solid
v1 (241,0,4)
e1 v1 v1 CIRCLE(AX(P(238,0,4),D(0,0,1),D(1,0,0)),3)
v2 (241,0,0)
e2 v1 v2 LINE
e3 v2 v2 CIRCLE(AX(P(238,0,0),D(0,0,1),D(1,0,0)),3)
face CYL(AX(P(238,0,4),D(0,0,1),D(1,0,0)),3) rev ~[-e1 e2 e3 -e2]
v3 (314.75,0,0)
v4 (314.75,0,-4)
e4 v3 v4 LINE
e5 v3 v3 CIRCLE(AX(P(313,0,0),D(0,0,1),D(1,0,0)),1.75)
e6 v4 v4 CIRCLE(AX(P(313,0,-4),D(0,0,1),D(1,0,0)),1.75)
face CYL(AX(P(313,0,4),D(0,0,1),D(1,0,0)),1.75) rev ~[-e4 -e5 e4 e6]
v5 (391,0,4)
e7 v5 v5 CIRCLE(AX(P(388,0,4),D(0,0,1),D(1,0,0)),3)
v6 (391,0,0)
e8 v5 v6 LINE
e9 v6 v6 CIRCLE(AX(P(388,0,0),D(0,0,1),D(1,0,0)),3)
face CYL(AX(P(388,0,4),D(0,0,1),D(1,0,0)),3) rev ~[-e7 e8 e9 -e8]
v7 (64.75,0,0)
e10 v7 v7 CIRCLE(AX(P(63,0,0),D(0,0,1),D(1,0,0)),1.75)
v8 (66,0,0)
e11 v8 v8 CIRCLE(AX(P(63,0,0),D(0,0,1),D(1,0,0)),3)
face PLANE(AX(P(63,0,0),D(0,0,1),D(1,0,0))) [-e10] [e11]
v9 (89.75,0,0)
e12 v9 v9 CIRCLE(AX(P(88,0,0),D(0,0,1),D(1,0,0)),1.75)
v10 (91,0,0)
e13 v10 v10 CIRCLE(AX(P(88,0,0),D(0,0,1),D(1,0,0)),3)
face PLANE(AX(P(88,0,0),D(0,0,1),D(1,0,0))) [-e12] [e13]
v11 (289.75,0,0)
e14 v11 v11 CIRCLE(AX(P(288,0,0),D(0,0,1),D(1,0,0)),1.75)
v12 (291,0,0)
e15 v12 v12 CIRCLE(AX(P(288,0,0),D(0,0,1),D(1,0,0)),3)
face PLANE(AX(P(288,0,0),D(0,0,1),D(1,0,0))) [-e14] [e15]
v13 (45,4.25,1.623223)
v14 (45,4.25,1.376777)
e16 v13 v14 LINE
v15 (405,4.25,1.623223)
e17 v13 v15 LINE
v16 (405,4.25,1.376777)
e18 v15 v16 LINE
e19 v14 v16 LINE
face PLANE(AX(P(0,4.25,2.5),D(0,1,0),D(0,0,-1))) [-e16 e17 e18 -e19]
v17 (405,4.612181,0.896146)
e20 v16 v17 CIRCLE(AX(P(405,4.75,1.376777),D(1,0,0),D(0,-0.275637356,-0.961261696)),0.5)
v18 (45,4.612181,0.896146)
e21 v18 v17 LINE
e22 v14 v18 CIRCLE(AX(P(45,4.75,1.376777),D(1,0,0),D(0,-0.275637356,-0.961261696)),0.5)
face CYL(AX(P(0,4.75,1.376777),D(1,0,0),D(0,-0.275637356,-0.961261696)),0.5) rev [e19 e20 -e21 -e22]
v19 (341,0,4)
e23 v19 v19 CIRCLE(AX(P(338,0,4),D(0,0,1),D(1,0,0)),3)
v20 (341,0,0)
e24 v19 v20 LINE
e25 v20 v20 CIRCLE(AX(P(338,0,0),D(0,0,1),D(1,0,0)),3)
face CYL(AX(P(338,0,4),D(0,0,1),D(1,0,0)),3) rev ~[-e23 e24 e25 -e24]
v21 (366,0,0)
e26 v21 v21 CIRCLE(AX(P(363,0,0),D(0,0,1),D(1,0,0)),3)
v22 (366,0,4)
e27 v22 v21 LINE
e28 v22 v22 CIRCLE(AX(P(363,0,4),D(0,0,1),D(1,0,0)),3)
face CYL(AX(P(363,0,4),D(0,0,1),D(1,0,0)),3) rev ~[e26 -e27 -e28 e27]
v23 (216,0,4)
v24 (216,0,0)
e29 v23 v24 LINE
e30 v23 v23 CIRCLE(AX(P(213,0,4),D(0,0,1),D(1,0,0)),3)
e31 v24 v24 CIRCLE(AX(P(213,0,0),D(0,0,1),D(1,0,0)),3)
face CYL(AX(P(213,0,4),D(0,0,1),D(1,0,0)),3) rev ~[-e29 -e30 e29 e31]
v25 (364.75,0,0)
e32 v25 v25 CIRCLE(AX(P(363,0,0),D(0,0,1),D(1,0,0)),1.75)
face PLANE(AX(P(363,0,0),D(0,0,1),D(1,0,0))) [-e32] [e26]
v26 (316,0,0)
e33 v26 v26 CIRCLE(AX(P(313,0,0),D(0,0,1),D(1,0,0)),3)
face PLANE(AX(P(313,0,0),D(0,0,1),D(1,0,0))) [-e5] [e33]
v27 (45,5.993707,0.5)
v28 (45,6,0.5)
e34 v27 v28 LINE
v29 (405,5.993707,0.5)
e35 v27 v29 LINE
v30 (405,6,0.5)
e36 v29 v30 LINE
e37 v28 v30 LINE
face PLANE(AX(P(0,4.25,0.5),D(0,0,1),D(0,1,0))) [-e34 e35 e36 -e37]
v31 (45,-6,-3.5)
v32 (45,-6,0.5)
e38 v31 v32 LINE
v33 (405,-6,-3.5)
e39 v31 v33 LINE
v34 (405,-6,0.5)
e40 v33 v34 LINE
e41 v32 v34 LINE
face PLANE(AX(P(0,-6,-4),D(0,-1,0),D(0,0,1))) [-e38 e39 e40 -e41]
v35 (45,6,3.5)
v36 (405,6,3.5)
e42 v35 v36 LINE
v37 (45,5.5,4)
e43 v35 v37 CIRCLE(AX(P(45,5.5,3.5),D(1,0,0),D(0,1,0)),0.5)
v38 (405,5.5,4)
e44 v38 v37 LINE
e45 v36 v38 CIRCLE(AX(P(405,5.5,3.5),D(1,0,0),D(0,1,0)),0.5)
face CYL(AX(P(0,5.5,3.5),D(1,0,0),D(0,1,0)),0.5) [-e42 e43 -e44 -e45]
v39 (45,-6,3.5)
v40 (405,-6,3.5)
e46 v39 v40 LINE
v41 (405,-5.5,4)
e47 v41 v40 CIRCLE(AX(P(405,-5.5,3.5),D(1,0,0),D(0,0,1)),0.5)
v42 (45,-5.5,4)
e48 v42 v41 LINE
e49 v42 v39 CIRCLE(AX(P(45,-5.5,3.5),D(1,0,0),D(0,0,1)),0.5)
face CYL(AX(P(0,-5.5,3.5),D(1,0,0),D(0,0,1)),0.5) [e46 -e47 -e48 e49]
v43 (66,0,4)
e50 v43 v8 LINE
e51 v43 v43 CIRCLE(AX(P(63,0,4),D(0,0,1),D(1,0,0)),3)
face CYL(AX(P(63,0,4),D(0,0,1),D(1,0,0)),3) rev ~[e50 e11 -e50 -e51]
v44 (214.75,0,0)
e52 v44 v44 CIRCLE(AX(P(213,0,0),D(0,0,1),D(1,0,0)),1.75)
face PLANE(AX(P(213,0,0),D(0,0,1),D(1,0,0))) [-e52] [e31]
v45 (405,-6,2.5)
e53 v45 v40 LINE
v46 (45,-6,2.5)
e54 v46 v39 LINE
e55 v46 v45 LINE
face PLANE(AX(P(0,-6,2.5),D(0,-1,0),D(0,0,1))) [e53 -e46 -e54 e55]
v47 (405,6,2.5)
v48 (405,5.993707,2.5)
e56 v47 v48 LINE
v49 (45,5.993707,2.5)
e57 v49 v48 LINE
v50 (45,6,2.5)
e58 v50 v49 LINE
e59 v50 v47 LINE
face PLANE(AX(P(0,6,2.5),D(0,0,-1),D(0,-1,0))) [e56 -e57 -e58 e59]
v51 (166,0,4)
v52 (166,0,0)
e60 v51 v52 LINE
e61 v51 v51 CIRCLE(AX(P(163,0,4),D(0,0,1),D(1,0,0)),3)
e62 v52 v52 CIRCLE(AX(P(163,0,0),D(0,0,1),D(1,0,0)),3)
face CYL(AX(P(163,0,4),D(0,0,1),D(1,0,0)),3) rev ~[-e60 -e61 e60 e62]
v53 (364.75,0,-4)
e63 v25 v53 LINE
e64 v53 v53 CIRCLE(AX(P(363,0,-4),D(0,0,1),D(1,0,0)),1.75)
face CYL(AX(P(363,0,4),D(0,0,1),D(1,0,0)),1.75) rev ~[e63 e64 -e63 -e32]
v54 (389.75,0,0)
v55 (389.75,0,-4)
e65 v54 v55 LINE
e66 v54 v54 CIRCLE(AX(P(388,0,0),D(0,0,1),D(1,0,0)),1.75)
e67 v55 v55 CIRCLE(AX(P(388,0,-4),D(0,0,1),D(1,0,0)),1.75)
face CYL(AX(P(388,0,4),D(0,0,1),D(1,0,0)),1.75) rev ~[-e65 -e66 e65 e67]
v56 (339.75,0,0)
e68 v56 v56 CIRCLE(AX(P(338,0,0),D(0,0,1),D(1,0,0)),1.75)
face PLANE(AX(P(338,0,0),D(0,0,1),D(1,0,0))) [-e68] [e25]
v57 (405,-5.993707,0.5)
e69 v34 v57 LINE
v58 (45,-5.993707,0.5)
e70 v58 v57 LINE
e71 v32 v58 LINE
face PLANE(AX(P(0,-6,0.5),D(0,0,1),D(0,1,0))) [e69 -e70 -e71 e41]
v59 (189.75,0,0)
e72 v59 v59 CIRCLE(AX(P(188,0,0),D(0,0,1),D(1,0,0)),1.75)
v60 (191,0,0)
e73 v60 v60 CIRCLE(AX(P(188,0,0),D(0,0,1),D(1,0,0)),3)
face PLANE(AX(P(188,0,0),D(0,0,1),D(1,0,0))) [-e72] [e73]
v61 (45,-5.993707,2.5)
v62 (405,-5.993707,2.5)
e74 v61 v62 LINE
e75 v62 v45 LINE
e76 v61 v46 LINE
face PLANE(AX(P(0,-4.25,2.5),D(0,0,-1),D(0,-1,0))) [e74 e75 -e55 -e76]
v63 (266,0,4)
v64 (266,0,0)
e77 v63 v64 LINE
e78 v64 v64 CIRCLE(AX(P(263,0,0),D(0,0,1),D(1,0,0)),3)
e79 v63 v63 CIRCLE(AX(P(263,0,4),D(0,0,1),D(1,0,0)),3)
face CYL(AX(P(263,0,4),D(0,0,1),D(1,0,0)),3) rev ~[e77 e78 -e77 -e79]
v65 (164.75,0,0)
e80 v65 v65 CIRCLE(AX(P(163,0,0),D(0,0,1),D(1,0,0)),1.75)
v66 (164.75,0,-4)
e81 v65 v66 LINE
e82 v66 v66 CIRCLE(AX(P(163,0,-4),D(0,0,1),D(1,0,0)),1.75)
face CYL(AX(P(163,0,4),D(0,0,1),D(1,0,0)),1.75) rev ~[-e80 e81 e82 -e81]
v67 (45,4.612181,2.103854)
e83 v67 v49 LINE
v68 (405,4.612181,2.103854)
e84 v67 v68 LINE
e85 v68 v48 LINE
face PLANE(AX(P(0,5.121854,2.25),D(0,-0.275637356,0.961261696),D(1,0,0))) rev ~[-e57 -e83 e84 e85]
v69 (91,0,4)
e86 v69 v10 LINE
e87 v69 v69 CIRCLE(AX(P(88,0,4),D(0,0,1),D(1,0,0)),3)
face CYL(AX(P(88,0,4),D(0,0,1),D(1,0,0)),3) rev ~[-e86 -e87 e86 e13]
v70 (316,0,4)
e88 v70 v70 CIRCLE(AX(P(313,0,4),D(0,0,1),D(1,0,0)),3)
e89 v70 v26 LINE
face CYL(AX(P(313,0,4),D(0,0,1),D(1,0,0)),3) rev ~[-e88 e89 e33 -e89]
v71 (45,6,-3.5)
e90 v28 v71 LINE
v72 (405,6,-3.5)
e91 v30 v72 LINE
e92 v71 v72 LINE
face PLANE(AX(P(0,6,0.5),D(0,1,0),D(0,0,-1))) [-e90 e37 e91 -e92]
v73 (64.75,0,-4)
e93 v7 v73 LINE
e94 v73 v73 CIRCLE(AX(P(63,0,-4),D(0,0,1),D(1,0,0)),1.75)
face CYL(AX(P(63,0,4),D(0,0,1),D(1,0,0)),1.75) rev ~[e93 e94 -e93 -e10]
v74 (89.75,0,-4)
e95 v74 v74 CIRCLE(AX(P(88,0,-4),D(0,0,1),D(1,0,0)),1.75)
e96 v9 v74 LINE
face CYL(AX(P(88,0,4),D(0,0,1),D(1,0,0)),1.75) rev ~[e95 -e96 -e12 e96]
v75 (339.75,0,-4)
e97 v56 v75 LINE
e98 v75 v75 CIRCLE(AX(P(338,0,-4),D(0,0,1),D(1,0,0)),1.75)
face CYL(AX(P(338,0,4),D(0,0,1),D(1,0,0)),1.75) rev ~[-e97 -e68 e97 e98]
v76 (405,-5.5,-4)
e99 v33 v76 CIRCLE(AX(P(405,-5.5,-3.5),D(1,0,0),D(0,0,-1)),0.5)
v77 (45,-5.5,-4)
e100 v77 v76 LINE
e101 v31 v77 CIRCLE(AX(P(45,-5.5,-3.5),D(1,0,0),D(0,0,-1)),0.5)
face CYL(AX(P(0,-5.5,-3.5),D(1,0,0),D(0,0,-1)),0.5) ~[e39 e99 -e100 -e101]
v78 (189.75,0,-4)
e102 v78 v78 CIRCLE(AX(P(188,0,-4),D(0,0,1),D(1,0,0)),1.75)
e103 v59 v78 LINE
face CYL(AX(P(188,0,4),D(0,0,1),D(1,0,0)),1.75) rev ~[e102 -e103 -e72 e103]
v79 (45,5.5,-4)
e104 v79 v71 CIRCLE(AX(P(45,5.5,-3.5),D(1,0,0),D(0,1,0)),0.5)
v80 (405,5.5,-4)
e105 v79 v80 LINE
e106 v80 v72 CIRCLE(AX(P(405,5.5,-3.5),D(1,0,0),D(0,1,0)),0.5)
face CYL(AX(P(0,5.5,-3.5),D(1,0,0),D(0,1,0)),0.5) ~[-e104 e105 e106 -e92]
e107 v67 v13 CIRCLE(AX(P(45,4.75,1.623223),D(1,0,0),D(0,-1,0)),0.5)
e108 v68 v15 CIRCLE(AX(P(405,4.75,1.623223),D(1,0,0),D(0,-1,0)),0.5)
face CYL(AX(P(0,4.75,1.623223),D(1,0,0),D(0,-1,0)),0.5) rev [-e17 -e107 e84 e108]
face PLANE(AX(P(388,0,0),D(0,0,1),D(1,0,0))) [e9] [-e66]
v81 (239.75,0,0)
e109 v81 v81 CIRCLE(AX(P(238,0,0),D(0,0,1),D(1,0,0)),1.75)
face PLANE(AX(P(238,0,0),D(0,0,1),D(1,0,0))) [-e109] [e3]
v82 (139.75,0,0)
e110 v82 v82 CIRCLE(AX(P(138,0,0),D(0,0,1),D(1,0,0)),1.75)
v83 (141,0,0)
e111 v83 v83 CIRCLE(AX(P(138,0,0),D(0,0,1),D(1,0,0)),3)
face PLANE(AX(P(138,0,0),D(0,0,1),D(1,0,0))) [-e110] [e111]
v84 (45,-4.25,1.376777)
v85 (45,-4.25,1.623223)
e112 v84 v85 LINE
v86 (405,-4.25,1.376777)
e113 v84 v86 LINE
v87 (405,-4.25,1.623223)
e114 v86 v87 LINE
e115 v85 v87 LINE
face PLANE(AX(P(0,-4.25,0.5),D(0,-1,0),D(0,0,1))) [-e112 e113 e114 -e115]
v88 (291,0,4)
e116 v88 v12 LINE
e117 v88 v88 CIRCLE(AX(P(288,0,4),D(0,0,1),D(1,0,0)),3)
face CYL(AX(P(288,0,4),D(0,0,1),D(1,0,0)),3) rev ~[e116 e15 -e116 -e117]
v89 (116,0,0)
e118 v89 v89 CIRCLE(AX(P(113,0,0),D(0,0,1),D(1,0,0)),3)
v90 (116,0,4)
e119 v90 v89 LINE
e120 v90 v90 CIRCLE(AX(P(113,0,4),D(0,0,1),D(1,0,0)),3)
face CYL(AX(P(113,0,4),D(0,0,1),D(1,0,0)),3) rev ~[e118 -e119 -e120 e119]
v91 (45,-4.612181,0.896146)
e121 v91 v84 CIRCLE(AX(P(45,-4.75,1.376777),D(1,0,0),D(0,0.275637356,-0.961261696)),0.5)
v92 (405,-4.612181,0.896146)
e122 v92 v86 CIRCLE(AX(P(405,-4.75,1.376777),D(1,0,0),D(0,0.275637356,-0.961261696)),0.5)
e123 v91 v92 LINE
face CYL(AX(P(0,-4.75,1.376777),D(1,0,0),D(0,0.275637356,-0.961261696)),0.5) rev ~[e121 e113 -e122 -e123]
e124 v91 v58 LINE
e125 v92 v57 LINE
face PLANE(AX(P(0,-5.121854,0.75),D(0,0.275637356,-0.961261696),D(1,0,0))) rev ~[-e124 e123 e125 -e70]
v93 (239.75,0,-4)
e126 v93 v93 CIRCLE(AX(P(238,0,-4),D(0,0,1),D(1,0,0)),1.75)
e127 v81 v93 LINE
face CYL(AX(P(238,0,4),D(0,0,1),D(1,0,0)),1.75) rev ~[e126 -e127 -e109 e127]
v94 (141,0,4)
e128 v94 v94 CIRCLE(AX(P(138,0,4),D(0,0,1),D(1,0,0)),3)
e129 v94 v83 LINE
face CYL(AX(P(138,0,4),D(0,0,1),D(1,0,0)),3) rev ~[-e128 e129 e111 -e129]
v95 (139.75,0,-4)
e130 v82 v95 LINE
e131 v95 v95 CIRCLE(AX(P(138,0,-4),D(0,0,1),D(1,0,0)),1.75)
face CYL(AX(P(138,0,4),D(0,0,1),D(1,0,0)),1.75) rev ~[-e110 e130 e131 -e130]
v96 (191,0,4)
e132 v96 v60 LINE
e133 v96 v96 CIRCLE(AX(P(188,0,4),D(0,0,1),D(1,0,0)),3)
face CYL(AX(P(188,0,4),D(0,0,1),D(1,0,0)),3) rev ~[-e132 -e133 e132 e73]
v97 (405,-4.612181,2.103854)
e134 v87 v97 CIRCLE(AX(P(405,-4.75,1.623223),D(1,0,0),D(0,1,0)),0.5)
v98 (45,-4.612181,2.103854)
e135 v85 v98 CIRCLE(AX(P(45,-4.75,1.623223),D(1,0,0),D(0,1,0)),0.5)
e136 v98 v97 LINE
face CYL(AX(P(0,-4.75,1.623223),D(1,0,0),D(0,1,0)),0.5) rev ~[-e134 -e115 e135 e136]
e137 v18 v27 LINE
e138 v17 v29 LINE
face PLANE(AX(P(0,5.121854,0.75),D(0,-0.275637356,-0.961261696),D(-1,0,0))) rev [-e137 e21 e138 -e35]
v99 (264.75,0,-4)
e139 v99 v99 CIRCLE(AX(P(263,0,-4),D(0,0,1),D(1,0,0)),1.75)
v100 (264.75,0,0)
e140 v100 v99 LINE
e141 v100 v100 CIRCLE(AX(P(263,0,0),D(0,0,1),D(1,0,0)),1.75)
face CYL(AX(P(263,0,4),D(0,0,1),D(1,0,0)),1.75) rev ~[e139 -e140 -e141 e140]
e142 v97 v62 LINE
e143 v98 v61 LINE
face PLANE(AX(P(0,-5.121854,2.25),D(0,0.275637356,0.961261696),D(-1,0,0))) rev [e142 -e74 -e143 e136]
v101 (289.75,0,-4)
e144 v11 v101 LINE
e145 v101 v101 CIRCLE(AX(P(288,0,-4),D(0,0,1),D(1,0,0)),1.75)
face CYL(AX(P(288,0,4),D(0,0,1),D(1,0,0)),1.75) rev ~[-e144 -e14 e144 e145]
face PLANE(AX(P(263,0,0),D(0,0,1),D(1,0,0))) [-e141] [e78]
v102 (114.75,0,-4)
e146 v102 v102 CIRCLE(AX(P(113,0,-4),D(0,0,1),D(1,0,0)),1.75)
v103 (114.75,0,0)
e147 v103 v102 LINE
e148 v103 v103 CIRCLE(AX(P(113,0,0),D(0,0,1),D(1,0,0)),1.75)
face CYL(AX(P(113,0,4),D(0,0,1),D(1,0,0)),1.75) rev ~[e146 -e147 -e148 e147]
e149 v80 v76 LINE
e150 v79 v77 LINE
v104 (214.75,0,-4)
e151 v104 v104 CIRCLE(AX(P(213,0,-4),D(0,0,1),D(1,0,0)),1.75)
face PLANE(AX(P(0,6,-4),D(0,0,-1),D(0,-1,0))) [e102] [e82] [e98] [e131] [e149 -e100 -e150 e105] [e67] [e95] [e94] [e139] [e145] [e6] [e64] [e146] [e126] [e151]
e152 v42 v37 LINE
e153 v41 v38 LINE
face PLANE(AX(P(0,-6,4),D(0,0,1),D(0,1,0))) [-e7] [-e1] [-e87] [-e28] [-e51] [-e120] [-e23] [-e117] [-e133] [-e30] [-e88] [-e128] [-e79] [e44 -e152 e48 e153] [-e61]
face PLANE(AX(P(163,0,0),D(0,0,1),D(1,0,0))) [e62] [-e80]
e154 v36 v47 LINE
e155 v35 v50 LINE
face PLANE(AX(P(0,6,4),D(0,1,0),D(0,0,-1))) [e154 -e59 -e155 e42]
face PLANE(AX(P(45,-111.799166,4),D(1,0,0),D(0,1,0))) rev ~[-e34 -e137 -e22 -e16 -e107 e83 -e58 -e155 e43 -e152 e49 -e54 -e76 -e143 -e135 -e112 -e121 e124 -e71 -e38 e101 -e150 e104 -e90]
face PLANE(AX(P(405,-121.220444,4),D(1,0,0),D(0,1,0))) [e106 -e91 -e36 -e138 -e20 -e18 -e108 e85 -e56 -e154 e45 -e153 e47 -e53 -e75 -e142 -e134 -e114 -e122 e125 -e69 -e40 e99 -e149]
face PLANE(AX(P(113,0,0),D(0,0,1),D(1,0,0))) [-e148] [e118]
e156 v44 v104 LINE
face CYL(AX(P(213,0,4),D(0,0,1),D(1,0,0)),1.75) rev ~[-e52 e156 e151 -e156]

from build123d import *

# Parameters (mm, degrees)
BOSS_EXTRUDE1_DEPTH     = 450
SKETCH2_R               = 1.75
CUT_EXTRUDE1_DEPTH      = 10
SKETCH3_R               = 3
CUT_EXTRUDE2_DEPTH      = 4
CHAMFER1_SIZE           = 0.5
CHAMFER1_SIZE2          = 1.743707222
CHAMFER1_PART_2_SIZE    = 0.5
CHAMFER1_PART_2_SIZE2   = 1.743707222
FILLET1_R               = 0.5
SKETCH4_W               = 45
SKETCH4_H               = 180.260452365
SKETCH4_H_2             = 288.291106743
CUT_EXTRUDE3_DEPTH      = 1
CUT_EXTRUDE3_DEPTH_BACK = 9


with BuildPart() as part:
    # Sketch1 → Boss-Extrude1 (new body)
    with BuildSketch(Plane(origin=(0, 0, 0), x_dir=(0, 0, -1), z_dir=(1, 0, 0))):
        Polygon((-0.5, 6), (4, 6), (4, -6), (-0.5, -6), (-0.5, -4.25), (-2.5, -4.25), (-2.5, -6), (-4, -6), (-4, 6), (-2.5, 6), (-2.5, 4.25), (-0.5, 4.25), align=None)
    extrude(amount=BOSS_EXTRUDE1_DEPTH)

    # Sketch2 → Cut-Extrude1 (cut)
    with BuildSketch(Plane.XY.offset(4)):
        with Locations((13, 0)):
            Circle(SKETCH2_R)
        with Locations((38, 0)):
            Circle(SKETCH2_R)
        with Locations((63, 0)):
            Circle(SKETCH2_R)
        with Locations((88, 0)):
            Circle(SKETCH2_R)
        with Locations((113, 0)):
            Circle(SKETCH2_R)
        with Locations((138, 0)):
            Circle(SKETCH2_R)
        with Locations((163, 0)):
            Circle(SKETCH2_R)
        with Locations((188, 0)):
            Circle(SKETCH2_R)
        with Locations((213, 0)):
            Circle(SKETCH2_R)
        with Locations((238, 0)):
            Circle(SKETCH2_R)
        with Locations((263, 0)):
            Circle(SKETCH2_R)
        with Locations((288, 0)):
            Circle(SKETCH2_R)
        with Locations((313, 0)):
            Circle(SKETCH2_R)
        with Locations((338, 0)):
            Circle(SKETCH2_R)
        with Locations((363, 0)):
            Circle(SKETCH2_R)
        with Locations((388, 0)):
            Circle(SKETCH2_R)
        with Locations((413, 0)):
            Circle(SKETCH2_R)
        with Locations((438, 0)):
            Circle(SKETCH2_R)
    extrude(amount=-CUT_EXTRUDE1_DEPTH, mode=Mode.SUBTRACT)

    # Sketch3 → Cut-Extrude2 (cut)
    with BuildSketch(Plane.XY.offset(4)):
        with Locations((13, 0)):
            Circle(SKETCH3_R)
        with Locations((38, 0)):
            Circle(SKETCH3_R)
        with Locations((63, 0)):
            Circle(SKETCH3_R)
        with Locations((88, 0)):
            Circle(SKETCH3_R)
        with Locations((113, 0)):
            Circle(SKETCH3_R)
        with Locations((138, 0)):
            Circle(SKETCH3_R)
        with Locations((163, 0)):
            Circle(SKETCH3_R)
        with Locations((188, 0)):
            Circle(SKETCH3_R)
        with Locations((213, 0)):
            Circle(SKETCH3_R)
        with Locations((238, 0)):
            Circle(SKETCH3_R)
        with Locations((263, 0)):
            Circle(SKETCH3_R)
        with Locations((288, 0)):
            Circle(SKETCH3_R)
        with Locations((313, 0)):
            Circle(SKETCH3_R)
        with Locations((338, 0)):
            Circle(SKETCH3_R)
        with Locations((363, 0)):
            Circle(SKETCH3_R)
        with Locations((388, 0)):
            Circle(SKETCH3_R)
        with Locations((413, 0)):
            Circle(SKETCH3_R)
        with Locations((438, 0)):
            Circle(SKETCH3_R)
    extrude(amount=-CUT_EXTRUDE2_DEPTH, mode=Mode.SUBTRACT)

    # Chamfer1
    chamfer1_edges = [part.edges().sort_by_distance(p)[0] for p in [
        (225, -4.25, 0.5),
        (225, -4.25, 2.5),
    ]]
    chamfer1_side = [part.faces().sort_by_distance(p)[0] for p in [
        (225, -4.25, 1.5),
    ]]
    chamfer(chamfer1_edges, length=CHAMFER1_SIZE, length2=CHAMFER1_SIZE2, reference=chamfer1_side[0])

    # Chamfer1 part 2
    chamfer1_part_2_edges = [part.edges().sort_by_distance(p)[0] for p in [
        (225, 4.25, 2.5),
        (225, 4.25, 0.5),
    ]]
    chamfer1_part_2_side = [part.faces().sort_by_distance(p)[0] for p in [
        (225, 4.25, 1.5),
    ]]
    chamfer(chamfer1_part_2_edges, length=CHAMFER1_PART_2_SIZE, length2=CHAMFER1_PART_2_SIZE2, reference=chamfer1_part_2_side[0])

    # Fillet1
    fillet1_edges = [part.edges().sort_by_distance(p)[0] for p in [
        (450, -6, -1.75),
        (450, 0, -4),
        (450, 6, -1.75),
        (450, 6, 3.25),
        (450, 0, 4),
        (450, -6, 3.25),
        (0, -6, 3.25),
        (0, -6, -1.75),
        (0, 0, -4),
        (0, 6, -1.75),
        (0, 6, 3.25),
        (0, 0, 4),
        (225, -4.25, 1),
        (225, -4.25, 2),
        (225, 4.25, 2),
        (225, 4.25, 1),
        (225, -6, 4),
        (225, 6, 4),
        (225, -6, -4),
        (225, 6, -4),
    ]]
    fillet(fillet1_edges, radius=FILLET1_R)

    # Sketch4 → Cut-Extrude3 (cut, two sides)
    with BuildSketch(Plane.XY.offset(4)) as cut_extrude3_sk:
        with Locations((22.5, -21.668939395)):
            Rectangle(SKETCH4_W, SKETCH4_H)
        with Locations((427.5, 22.925109796)):
            Rectangle(SKETCH4_W, SKETCH4_H_2)
    extrude(amount=CUT_EXTRUDE3_DEPTH, mode=Mode.SUBTRACT)
    extrude(cut_extrude3_sk.sketch, amount=-CUT_EXTRUDE3_DEPTH_BACK, mode=Mode.SUBTRACT)


solid = part.part
